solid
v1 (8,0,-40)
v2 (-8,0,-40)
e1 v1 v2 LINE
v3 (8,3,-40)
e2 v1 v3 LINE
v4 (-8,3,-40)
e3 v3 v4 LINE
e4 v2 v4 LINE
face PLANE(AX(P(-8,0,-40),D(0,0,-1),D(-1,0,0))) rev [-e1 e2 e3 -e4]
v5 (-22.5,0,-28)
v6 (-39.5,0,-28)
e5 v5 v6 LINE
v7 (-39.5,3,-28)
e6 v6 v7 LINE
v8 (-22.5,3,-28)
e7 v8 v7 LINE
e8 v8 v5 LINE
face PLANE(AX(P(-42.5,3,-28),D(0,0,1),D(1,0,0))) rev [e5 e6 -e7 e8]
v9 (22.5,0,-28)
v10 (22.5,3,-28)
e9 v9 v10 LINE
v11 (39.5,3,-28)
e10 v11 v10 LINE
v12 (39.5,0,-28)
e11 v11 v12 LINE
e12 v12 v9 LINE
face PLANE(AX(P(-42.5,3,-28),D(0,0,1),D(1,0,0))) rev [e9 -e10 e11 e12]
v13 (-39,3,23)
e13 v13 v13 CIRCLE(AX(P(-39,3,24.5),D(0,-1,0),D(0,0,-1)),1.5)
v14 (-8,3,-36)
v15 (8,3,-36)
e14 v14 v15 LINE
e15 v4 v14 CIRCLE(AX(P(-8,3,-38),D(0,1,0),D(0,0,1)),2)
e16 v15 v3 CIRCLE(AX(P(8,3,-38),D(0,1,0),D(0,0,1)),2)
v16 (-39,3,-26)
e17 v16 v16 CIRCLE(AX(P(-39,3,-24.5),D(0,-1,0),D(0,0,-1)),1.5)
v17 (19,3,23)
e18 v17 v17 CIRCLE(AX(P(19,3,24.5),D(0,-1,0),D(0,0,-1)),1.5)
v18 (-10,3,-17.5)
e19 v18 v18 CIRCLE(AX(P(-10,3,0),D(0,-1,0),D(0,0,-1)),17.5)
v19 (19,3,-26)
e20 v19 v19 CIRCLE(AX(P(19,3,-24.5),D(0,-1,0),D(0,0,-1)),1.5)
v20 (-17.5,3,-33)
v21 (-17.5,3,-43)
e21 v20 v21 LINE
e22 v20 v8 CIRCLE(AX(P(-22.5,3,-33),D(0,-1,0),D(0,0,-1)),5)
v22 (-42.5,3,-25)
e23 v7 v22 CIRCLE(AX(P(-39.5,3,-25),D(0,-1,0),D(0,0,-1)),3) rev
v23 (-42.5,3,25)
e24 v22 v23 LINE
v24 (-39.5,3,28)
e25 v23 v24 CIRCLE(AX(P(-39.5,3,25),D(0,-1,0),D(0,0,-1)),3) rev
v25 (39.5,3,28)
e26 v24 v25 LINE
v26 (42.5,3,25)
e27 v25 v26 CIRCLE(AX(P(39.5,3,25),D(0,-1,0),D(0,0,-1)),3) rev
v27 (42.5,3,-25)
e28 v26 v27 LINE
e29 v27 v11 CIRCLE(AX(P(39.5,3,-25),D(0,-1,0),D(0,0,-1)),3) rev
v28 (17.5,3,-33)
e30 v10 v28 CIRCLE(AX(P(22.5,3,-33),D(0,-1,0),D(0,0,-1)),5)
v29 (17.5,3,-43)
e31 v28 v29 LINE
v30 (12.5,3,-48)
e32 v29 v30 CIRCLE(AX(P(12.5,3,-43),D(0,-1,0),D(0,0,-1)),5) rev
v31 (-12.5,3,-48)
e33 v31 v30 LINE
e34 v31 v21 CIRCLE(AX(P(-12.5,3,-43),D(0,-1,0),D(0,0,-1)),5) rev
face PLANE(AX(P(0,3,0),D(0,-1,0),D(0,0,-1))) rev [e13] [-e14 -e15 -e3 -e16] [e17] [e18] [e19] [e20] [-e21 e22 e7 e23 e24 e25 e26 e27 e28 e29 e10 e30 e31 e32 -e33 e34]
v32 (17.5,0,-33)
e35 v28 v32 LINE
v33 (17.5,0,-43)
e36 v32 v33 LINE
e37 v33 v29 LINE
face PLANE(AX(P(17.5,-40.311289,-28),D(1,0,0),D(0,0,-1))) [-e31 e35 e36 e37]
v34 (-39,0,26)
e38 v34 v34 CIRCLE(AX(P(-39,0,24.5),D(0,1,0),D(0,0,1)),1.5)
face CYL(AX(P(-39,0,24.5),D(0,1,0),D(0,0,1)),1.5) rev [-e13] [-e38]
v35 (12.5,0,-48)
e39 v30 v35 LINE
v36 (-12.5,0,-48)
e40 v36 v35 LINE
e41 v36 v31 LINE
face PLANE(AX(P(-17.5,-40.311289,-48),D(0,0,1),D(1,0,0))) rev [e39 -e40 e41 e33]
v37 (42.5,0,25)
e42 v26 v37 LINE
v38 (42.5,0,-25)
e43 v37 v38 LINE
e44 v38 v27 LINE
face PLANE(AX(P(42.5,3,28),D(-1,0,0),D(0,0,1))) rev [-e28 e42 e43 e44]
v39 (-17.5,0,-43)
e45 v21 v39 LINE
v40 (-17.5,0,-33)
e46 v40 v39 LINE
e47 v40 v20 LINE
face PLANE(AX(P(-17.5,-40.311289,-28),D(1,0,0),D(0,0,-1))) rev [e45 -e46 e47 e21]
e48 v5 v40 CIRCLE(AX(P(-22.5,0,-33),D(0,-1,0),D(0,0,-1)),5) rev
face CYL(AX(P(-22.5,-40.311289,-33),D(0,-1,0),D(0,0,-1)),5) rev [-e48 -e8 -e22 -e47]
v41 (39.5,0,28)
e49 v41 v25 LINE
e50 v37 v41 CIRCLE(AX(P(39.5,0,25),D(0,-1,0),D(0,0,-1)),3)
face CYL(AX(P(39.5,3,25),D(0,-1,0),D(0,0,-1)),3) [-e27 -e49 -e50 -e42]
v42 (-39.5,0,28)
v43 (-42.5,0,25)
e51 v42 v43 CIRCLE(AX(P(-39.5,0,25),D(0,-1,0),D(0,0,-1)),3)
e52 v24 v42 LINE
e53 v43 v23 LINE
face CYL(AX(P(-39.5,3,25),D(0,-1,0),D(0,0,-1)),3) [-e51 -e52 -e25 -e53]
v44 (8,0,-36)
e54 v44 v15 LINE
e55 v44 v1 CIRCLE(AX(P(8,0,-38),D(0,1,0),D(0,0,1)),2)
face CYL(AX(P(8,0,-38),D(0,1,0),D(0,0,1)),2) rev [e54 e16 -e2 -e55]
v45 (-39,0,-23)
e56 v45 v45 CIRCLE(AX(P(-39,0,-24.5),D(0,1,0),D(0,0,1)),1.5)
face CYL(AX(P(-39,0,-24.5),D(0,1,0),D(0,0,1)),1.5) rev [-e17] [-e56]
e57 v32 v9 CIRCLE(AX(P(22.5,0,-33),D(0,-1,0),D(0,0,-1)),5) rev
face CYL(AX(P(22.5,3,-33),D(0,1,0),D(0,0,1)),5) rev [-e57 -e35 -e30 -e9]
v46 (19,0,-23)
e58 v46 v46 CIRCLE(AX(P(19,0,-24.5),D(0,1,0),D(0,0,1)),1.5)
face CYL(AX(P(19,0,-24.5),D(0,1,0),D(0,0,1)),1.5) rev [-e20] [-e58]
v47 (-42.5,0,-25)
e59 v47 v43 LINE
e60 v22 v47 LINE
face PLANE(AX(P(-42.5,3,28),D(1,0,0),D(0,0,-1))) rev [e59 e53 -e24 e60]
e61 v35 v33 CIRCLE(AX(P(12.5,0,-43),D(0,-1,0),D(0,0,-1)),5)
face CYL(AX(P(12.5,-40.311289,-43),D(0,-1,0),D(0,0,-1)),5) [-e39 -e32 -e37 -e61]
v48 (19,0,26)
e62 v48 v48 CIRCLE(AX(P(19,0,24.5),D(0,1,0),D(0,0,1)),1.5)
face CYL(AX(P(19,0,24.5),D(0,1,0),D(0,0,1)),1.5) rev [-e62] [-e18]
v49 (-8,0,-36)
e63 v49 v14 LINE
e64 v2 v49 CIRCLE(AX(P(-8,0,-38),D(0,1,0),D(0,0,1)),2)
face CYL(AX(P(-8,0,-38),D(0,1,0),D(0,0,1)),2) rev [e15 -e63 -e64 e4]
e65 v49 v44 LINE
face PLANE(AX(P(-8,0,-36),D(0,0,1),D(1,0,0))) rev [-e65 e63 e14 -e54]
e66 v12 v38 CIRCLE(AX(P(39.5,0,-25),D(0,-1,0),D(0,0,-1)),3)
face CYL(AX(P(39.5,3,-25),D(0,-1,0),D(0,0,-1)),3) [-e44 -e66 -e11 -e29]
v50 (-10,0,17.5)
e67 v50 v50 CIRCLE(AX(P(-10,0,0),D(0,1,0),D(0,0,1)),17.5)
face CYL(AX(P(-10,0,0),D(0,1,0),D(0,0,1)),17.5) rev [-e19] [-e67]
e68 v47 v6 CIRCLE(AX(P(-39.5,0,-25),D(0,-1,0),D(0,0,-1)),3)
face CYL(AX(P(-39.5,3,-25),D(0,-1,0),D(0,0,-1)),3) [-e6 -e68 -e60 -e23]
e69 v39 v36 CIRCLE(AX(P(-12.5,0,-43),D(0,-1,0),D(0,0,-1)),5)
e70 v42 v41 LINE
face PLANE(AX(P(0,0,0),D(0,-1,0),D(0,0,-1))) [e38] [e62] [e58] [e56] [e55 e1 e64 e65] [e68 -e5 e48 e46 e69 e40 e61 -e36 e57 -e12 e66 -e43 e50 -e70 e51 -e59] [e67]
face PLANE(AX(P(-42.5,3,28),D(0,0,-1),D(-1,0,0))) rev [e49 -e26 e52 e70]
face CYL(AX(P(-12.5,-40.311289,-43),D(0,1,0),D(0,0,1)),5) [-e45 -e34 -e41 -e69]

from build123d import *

# Parameters (mm, degrees)
SKETCH1_W               = 85
SKETCH1_H               = 56
BOSS_EXTRUDE1_DEPTH     = 3
SKETCH2_R               = 1.5
CUT_EXTRUDE1_DEPTH      = 1
CUT_EXTRUDE1_DEPTH_BACK = 4
FILLET1_R               = 3
SKETCH3_R               = 17.5
CUT_EXTRUDE2_DEPTH      = 1
CUT_EXTRUDE2_DEPTH_BACK = 4
SKETCH4_W               = 35
SKETCH4_H               = 20
BOSS_EXTRUDE2_DEPTH     = 3
FILLET2_R               = 5
CUT_EXTRUDE3_DEPTH      = 1
CUT_EXTRUDE3_DEPTH_BACK = 4


with BuildPart() as part:
    # Sketch1 → Boss-Extrude1 (new body)
    with BuildSketch(Plane(origin=(0, 0, 0), x_dir=(1, 0, 0), z_dir=(0, 1, 0))):
        Rectangle(SKETCH1_W, SKETCH1_H)
    extrude(amount=BOSS_EXTRUDE1_DEPTH)

    # Sketch2 → Cut-Extrude1 (cut, two sides)
    with BuildSketch(Plane(origin=(0, 3, 0), x_dir=(1, 0, 0), z_dir=(0, 1, 0))) as cut_extrude1_sk:
        with Locations((-39, 24.5)):
            Circle(SKETCH2_R)
        with Locations((19, 24.5)):
            Circle(SKETCH2_R)
        with Locations((19, -24.5)):
            Circle(SKETCH2_R)
        with Locations((-39, -24.5)):
            Circle(SKETCH2_R)
    extrude(amount=CUT_EXTRUDE1_DEPTH, mode=Mode.SUBTRACT)
    extrude(cut_extrude1_sk.sketch, amount=-CUT_EXTRUDE1_DEPTH_BACK, mode=Mode.SUBTRACT)

    # Fillet1
    fillet1_edges = [part.edges().sort_by_distance(p)[0] for p in [
        (42.5, 1.5, 28),
        (-42.5, 1.5, 28),
        (-42.5, 1.5, -28),
        (42.5, 1.5, -28),
    ]]
    fillet(fillet1_edges, radius=FILLET1_R)

    # Sketch3 → Cut-Extrude2 (cut, two sides)
    with BuildSketch(Plane(origin=(0, 3, 0), x_dir=(1, 0, 0), z_dir=(0, 1, 0))) as cut_extrude2_sk:
        with Locations((-10, 0)):
            Circle(SKETCH3_R)
    extrude(amount=CUT_EXTRUDE2_DEPTH, mode=Mode.SUBTRACT)
    extrude(cut_extrude2_sk.sketch, amount=-CUT_EXTRUDE2_DEPTH_BACK, mode=Mode.SUBTRACT)

    # Sketch4 → Boss-Extrude2 (add)
    with BuildSketch(Plane(origin=(0, 3, 0), x_dir=(1, 0, 0), z_dir=(0, 1, 0))):
        with Locations((0, 38)):
            Rectangle(SKETCH4_W, SKETCH4_H)
    extrude(amount=-BOSS_EXTRUDE2_DEPTH)

    # Fillet2
    fillet2_edges = [part.edges().sort_by_distance(p)[0] for p in [
        (17.5, 1.5, -48),
        (17.5, 1.5, -28),
        (-17.5, 1.5, -28),
        (-17.5, 1.5, -48),
    ]]
    fillet(fillet2_edges, radius=FILLET2_R)

    # Sketch5 → Cut-Extrude3 (cut, two sides)
    with BuildSketch(Plane(origin=(0, 3, 0), x_dir=(1, 0, 0), z_dir=(0, 1, 0))) as cut_extrude3_sk:
        with BuildLine():
            Line((-8, 40), (8, 40))
            ThreePointArc((8, 40), (10, 38), (8, 36))
            Line((8, 36), (-8, 36))
            ThreePointArc((-8, 36), (-10, 38), (-8, 40))
        make_face()
    extrude(amount=CUT_EXTRUDE3_DEPTH, mode=Mode.SUBTRACT)
    extrude(cut_extrude3_sk.sketch, amount=-CUT_EXTRUDE3_DEPTH_BACK, mode=Mode.SUBTRACT)


solid = part.part
